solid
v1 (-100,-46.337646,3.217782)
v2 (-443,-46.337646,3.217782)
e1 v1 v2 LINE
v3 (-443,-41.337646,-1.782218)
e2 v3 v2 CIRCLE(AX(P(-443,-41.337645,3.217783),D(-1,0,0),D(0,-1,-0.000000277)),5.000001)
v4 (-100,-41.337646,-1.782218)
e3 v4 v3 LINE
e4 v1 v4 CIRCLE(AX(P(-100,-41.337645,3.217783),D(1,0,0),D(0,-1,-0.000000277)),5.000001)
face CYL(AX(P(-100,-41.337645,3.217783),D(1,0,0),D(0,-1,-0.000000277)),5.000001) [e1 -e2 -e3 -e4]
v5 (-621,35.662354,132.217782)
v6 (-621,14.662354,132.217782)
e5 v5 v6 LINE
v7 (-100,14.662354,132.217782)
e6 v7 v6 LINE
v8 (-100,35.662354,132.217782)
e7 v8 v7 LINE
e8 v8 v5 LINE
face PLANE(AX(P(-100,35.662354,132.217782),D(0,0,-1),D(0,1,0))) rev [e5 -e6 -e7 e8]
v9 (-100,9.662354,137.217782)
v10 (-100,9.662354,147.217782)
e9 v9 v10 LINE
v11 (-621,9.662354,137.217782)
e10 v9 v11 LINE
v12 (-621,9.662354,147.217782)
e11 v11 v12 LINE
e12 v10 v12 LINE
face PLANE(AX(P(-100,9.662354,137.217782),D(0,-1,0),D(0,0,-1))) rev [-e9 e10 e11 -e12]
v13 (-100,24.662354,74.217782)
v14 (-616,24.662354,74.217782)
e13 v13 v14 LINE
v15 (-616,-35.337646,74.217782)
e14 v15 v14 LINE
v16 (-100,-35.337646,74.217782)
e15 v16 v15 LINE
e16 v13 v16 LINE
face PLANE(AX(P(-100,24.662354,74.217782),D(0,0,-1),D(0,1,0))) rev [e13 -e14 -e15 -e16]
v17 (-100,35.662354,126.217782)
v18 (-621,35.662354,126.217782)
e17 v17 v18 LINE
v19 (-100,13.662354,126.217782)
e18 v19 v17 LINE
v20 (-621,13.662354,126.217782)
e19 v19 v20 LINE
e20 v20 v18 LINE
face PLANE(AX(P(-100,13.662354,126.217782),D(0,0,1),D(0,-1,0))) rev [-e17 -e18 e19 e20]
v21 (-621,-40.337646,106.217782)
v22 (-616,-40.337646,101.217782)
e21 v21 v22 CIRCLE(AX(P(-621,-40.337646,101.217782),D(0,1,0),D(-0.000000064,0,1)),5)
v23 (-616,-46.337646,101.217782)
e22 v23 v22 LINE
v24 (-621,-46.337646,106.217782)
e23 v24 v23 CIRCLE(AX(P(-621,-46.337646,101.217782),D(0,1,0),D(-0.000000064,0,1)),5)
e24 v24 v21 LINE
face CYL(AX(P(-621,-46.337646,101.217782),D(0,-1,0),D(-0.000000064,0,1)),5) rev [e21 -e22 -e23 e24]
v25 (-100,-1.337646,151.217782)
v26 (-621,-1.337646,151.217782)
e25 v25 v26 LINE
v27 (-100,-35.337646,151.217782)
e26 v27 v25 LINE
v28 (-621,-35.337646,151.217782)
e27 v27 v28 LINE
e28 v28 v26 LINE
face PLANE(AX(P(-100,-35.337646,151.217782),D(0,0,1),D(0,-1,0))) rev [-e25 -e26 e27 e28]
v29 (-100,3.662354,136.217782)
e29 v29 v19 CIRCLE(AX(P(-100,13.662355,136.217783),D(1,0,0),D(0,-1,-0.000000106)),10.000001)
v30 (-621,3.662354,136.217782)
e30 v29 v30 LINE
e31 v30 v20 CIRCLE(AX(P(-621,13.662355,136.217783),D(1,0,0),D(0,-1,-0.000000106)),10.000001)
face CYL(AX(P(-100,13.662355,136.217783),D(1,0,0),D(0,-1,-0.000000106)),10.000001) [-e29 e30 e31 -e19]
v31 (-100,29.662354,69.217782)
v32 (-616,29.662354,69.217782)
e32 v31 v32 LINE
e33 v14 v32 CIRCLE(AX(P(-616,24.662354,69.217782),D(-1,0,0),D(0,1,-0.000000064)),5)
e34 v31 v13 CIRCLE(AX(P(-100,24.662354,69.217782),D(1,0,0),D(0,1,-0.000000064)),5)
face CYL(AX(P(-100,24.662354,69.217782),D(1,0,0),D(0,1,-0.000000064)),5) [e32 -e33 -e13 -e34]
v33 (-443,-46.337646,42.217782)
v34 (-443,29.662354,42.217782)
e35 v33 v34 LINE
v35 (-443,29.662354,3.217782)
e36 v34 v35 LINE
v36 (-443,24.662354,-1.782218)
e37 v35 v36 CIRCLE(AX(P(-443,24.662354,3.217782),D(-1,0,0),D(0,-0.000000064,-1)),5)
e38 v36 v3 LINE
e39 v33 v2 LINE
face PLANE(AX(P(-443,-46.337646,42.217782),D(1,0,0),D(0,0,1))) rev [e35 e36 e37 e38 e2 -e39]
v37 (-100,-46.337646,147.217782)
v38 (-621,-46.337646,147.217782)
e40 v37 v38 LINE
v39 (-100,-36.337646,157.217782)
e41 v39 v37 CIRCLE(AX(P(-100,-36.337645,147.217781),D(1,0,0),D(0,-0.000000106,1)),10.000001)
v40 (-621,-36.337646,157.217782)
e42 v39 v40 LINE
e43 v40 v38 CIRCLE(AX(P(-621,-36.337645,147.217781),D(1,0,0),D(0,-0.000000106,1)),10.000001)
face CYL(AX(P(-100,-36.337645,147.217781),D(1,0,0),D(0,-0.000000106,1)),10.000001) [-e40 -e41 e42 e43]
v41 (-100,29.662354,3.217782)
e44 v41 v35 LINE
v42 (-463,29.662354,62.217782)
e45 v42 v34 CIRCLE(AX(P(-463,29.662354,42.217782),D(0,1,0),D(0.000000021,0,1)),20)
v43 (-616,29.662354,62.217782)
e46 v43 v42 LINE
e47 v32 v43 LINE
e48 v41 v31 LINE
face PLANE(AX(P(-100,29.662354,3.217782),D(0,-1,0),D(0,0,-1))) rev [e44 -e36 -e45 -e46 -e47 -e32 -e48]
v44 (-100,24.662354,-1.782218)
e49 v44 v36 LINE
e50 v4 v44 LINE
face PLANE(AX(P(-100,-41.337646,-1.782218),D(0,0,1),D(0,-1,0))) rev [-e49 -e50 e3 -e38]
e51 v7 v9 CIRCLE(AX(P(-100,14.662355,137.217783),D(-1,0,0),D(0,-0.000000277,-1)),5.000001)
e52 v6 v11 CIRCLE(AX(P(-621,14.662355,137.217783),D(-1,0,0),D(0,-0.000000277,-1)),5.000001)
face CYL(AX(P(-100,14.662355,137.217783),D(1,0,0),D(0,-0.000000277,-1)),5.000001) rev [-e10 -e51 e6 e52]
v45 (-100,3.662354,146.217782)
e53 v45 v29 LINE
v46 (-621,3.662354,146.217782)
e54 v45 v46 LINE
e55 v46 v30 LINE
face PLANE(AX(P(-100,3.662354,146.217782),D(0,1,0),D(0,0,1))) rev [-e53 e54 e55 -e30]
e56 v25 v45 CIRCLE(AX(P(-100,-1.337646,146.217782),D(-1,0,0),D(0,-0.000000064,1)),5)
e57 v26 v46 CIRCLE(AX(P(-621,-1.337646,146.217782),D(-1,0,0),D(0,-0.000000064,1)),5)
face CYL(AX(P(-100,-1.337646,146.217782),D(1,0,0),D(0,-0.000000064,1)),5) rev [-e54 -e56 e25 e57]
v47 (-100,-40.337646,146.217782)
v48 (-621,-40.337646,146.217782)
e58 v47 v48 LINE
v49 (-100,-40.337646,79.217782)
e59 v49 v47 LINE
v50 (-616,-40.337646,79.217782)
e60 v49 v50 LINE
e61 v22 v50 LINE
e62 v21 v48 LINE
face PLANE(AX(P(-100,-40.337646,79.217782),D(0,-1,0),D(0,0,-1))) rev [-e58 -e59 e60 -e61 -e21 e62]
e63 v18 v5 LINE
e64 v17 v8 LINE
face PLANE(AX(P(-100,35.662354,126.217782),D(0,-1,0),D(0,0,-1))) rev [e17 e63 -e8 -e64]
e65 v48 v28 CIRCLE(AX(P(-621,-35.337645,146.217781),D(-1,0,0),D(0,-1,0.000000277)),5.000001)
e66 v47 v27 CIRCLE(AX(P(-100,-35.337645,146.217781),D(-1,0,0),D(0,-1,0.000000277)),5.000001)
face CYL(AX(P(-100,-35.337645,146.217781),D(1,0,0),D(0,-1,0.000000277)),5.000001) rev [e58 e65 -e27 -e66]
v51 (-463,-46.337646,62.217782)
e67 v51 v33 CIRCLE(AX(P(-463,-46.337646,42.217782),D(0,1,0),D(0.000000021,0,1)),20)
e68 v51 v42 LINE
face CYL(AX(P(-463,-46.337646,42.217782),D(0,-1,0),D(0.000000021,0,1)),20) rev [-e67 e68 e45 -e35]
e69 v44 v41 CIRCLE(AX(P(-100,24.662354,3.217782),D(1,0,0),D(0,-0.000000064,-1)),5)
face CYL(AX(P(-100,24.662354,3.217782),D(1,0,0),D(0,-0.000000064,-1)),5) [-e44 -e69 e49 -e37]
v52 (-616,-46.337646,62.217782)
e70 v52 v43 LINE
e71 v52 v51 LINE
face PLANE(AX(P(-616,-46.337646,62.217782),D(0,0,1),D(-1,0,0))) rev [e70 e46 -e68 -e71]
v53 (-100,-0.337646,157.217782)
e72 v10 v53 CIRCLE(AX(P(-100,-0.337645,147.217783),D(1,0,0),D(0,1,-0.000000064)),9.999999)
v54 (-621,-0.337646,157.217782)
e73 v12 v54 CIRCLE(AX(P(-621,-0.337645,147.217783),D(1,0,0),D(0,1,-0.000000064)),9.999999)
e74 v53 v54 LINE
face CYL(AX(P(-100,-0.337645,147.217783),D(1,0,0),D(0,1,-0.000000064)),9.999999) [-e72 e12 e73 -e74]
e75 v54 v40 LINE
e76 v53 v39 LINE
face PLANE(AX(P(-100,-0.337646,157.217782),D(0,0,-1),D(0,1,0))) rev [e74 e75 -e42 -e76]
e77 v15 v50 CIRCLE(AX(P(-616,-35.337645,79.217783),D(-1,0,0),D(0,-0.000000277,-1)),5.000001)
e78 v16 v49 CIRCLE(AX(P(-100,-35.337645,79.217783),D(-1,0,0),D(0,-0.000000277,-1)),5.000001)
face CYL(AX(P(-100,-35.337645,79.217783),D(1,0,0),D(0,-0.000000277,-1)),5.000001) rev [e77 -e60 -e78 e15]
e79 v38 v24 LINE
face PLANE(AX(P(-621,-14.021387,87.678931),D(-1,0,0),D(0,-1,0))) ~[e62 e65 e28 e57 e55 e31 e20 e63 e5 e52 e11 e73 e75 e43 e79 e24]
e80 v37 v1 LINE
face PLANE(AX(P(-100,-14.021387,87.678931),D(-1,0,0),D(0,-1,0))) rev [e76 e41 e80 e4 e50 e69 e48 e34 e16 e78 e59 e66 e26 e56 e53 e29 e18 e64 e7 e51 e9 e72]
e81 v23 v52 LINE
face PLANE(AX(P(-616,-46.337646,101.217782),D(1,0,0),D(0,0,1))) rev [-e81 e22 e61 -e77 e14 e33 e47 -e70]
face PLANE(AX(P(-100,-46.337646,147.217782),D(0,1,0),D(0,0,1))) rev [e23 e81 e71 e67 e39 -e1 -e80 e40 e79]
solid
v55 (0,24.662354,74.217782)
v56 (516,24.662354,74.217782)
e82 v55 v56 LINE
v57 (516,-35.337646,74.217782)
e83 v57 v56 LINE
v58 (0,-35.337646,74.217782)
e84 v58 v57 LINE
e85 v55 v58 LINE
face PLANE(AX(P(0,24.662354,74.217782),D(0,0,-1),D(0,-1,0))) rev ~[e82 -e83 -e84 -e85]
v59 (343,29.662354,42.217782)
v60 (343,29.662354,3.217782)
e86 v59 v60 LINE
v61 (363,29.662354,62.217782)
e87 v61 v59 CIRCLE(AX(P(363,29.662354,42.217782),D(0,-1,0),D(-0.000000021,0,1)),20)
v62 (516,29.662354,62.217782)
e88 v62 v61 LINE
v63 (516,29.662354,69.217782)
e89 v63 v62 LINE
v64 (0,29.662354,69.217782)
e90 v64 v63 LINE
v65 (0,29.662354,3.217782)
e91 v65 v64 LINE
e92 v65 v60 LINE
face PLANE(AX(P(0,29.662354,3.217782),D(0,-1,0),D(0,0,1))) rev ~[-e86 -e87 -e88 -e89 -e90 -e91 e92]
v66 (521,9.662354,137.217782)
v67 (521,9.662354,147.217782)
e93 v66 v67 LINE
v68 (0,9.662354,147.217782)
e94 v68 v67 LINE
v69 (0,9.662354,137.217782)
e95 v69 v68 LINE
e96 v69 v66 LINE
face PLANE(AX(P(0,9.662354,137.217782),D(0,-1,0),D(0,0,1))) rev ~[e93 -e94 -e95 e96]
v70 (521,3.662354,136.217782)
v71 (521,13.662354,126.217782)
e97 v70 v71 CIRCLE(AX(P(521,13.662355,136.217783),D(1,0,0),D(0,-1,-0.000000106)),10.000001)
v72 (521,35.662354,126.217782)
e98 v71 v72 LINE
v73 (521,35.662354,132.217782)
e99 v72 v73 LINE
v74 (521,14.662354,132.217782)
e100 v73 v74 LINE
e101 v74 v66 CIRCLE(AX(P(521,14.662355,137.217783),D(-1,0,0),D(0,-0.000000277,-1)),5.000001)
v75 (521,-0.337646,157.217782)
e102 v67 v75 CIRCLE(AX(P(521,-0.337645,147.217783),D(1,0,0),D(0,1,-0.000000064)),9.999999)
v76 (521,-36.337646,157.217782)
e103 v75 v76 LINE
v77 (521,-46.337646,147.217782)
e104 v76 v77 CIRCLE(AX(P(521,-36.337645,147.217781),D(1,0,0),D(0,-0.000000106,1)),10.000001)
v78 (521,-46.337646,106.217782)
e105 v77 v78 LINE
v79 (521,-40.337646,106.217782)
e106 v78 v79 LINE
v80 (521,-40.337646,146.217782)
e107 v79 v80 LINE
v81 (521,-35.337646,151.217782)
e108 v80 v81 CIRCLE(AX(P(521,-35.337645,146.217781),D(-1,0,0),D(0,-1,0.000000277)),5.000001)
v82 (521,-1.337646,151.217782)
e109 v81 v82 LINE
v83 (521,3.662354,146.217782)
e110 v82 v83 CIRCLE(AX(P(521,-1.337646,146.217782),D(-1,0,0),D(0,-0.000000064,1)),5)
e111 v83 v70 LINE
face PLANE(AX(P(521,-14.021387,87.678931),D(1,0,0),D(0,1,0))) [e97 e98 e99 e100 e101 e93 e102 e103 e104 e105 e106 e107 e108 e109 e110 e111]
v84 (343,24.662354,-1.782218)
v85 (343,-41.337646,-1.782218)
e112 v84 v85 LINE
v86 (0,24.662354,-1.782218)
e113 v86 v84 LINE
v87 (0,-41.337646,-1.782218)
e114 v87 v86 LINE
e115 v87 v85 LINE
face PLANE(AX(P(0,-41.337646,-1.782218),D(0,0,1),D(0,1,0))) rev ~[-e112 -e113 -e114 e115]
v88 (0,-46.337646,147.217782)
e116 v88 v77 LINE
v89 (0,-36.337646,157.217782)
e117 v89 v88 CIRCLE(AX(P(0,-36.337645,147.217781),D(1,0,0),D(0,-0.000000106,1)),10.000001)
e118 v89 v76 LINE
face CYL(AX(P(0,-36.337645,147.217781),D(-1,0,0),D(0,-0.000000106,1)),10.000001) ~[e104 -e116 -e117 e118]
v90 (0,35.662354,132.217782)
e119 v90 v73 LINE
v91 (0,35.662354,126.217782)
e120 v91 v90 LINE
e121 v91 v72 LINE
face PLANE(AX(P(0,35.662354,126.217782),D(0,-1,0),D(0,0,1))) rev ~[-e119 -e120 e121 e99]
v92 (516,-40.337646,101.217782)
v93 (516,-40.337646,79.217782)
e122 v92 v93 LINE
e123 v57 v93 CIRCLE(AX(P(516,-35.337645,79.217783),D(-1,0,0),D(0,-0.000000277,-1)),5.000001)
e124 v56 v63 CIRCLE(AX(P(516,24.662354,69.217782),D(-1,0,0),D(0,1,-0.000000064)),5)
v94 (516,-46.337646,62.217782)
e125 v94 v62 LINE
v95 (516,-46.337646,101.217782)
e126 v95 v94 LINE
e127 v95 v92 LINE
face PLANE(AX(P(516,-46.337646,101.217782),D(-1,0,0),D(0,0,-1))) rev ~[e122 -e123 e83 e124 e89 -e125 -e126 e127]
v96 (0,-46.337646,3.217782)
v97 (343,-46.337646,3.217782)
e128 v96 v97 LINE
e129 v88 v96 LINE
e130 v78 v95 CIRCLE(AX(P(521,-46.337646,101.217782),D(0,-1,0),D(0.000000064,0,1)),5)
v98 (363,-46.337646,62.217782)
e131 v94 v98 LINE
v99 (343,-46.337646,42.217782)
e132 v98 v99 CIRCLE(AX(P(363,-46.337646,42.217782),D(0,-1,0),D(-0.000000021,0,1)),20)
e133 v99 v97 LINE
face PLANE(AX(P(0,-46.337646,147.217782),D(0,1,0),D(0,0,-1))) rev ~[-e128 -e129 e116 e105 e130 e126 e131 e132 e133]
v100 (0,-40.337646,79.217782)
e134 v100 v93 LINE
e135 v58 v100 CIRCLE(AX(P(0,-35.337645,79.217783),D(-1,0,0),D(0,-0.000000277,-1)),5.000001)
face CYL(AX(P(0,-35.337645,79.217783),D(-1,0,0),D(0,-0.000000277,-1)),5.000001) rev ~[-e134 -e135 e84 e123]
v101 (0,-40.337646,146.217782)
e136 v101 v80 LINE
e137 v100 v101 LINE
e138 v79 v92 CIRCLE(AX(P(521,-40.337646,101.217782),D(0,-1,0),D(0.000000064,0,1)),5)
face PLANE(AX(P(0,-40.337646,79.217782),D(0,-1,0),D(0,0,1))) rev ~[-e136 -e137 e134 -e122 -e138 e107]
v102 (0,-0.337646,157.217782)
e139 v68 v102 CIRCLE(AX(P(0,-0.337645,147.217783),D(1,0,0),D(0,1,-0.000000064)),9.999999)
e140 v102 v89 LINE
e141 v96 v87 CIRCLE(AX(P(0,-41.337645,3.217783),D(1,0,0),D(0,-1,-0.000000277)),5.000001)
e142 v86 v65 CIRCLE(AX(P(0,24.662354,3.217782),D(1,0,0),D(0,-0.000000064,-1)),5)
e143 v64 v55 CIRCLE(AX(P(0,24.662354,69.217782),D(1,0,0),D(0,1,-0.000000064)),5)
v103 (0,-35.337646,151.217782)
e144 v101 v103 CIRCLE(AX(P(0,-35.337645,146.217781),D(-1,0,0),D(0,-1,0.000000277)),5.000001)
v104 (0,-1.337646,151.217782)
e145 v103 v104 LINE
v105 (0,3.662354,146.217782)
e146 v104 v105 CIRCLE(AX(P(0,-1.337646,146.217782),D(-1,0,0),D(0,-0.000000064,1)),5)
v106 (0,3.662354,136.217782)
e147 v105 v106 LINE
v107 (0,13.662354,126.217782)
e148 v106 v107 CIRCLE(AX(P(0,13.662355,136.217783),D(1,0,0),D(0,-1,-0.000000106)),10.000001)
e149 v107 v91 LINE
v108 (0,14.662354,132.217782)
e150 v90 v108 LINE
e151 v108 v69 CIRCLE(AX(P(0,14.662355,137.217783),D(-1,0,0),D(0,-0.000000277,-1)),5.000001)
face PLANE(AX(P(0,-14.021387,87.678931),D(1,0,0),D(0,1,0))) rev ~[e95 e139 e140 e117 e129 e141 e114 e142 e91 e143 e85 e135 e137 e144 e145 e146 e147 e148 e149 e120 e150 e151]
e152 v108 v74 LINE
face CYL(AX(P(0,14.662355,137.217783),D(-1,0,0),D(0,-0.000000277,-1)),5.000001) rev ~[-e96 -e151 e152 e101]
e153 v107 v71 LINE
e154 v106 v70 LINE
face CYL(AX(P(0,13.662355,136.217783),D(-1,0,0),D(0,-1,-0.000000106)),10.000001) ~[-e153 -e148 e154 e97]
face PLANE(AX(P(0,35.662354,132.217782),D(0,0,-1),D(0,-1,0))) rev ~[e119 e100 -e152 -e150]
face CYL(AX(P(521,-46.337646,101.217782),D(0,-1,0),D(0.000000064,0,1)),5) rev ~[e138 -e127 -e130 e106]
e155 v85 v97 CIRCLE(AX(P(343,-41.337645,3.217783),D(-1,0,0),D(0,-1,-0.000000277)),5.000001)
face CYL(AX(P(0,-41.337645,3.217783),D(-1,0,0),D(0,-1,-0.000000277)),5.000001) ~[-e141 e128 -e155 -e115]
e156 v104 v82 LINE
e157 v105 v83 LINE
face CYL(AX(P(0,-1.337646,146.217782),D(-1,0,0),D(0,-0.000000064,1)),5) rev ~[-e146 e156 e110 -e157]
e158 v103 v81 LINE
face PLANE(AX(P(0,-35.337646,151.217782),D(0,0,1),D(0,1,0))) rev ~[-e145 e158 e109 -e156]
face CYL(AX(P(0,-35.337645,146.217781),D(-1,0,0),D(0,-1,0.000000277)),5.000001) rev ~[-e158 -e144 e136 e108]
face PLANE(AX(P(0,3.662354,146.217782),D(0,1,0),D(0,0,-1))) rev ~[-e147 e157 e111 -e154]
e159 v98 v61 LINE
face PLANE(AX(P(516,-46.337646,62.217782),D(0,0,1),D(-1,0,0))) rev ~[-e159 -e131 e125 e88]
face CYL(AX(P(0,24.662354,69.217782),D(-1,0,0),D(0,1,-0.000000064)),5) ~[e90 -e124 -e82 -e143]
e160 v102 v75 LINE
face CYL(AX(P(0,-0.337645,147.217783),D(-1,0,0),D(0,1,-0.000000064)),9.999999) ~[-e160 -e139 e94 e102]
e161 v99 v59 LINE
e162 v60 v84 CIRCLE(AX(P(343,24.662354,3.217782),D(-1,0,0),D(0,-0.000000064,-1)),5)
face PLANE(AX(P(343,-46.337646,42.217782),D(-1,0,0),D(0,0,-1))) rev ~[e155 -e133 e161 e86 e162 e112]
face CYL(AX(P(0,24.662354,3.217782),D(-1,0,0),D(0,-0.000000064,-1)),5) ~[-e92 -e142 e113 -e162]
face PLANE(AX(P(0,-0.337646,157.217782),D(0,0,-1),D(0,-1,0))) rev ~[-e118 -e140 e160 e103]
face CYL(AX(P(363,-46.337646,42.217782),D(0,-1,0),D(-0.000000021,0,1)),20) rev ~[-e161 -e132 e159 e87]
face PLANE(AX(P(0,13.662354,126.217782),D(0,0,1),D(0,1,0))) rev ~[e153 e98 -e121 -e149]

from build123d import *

# Parameters (mm, degrees)
F1_DEPTH = 521
F2_W     = 178
F2_H     = 13.925067
F3_DEPTH = 76


with BuildPart() as f1:
    # F0 (on Right) → F1 (new body)
    with BuildSketch(Plane.YZ):
        with BuildLine():
            Line((35.662354, 126.217782), (35.662354, 132.217782))
            Line((35.662354, 132.217782), (14.662354, 132.217782))
            ThreePointArc((14.662354, 132.217782), (11.126821, 133.682248), (9.662354, 137.217782))
            Line((9.662354, 137.217782), (9.662354, 147.217782))
            ThreePointArc((9.662354, 147.217782), (6.733422, 154.28885), (-0.337646, 157.217782))
            Line((-0.337646, 157.217782), (-36.337646, 157.217782))
            ThreePointArc((-36.337646, 157.217782), (-43.408713, 154.28885), (-46.337646, 147.217782))
            Line((-46.337646, 147.217782), (-46.337646, 3.217782))
            ThreePointArc((-46.337646, 3.217782), (-44.873179, -0.317752), (-41.337646, -1.782218))
            Line((-41.337646, -1.782218), (24.662354, -1.782218))
            ThreePointArc((24.662354, -1.782218), (28.197888, -0.317752), (29.662354, 3.217782))
            Line((29.662354, 3.217782), (29.662354, 69.217782))
            ThreePointArc((29.662354, 69.217782), (28.197888, 72.753316), (24.662354, 74.217782))
            Line((24.662354, 74.217782), (-35.337646, 74.217782))
            ThreePointArc((-35.337646, 74.217782), (-38.873179, 75.682248), (-40.337646, 79.217782))
            Line((-40.337646, 79.217782), (-40.337646, 146.217782))
            ThreePointArc((-40.337646, 146.217782), (-38.873179, 149.753316), (-35.337646, 151.217782))
            Line((-35.337646, 151.217782), (-1.337646, 151.217782))
            ThreePointArc((-1.337646, 151.217782), (2.197888, 149.753316), (3.662354, 146.217782))
            Line((3.662354, 146.217782), (3.662354, 136.217782))
            ThreePointArc((3.662354, 136.217782), (6.591287, 129.146714), (13.662354, 126.217782))
            Line((13.662354, 126.217782), (35.662354, 126.217782))
        make_face()
    extrude(amount=F1_DEPTH)

    # F2 (on face) → F3 (cut)
    with BuildSketch(Plane.XZ.offset(46.337646)):
        with BuildLine():
            ThreePointArc((521, 106.217782), (517.464466, 104.753316), (516, 101.217782))
            Line((516, 101.217782), (516, 62.217782))
            Line((516, 62.217782), (363, 62.217782))
            ThreePointArc((363, 62.217782), (348.857864, 56.359917), (343, 42.217782))
            Line((343, 42.217782), (343, 3.217782))
            Line((343, 3.217782), (521, 3.217782))
            Line((521, 3.217782), (521, 106.217782))
        make_face()
        with Locations((432, -3.744751)):
            Rectangle(F2_W, F2_H)
    extrude(amount=-F3_DEPTH, mode=Mode.SUBTRACT)


with BuildPart() as f5_1:
    # F5: instance of F1
    add(f1.part.mirror(Plane.YZ.offset(-50)))


solid = Compound([f1.part, f5_1.part])
